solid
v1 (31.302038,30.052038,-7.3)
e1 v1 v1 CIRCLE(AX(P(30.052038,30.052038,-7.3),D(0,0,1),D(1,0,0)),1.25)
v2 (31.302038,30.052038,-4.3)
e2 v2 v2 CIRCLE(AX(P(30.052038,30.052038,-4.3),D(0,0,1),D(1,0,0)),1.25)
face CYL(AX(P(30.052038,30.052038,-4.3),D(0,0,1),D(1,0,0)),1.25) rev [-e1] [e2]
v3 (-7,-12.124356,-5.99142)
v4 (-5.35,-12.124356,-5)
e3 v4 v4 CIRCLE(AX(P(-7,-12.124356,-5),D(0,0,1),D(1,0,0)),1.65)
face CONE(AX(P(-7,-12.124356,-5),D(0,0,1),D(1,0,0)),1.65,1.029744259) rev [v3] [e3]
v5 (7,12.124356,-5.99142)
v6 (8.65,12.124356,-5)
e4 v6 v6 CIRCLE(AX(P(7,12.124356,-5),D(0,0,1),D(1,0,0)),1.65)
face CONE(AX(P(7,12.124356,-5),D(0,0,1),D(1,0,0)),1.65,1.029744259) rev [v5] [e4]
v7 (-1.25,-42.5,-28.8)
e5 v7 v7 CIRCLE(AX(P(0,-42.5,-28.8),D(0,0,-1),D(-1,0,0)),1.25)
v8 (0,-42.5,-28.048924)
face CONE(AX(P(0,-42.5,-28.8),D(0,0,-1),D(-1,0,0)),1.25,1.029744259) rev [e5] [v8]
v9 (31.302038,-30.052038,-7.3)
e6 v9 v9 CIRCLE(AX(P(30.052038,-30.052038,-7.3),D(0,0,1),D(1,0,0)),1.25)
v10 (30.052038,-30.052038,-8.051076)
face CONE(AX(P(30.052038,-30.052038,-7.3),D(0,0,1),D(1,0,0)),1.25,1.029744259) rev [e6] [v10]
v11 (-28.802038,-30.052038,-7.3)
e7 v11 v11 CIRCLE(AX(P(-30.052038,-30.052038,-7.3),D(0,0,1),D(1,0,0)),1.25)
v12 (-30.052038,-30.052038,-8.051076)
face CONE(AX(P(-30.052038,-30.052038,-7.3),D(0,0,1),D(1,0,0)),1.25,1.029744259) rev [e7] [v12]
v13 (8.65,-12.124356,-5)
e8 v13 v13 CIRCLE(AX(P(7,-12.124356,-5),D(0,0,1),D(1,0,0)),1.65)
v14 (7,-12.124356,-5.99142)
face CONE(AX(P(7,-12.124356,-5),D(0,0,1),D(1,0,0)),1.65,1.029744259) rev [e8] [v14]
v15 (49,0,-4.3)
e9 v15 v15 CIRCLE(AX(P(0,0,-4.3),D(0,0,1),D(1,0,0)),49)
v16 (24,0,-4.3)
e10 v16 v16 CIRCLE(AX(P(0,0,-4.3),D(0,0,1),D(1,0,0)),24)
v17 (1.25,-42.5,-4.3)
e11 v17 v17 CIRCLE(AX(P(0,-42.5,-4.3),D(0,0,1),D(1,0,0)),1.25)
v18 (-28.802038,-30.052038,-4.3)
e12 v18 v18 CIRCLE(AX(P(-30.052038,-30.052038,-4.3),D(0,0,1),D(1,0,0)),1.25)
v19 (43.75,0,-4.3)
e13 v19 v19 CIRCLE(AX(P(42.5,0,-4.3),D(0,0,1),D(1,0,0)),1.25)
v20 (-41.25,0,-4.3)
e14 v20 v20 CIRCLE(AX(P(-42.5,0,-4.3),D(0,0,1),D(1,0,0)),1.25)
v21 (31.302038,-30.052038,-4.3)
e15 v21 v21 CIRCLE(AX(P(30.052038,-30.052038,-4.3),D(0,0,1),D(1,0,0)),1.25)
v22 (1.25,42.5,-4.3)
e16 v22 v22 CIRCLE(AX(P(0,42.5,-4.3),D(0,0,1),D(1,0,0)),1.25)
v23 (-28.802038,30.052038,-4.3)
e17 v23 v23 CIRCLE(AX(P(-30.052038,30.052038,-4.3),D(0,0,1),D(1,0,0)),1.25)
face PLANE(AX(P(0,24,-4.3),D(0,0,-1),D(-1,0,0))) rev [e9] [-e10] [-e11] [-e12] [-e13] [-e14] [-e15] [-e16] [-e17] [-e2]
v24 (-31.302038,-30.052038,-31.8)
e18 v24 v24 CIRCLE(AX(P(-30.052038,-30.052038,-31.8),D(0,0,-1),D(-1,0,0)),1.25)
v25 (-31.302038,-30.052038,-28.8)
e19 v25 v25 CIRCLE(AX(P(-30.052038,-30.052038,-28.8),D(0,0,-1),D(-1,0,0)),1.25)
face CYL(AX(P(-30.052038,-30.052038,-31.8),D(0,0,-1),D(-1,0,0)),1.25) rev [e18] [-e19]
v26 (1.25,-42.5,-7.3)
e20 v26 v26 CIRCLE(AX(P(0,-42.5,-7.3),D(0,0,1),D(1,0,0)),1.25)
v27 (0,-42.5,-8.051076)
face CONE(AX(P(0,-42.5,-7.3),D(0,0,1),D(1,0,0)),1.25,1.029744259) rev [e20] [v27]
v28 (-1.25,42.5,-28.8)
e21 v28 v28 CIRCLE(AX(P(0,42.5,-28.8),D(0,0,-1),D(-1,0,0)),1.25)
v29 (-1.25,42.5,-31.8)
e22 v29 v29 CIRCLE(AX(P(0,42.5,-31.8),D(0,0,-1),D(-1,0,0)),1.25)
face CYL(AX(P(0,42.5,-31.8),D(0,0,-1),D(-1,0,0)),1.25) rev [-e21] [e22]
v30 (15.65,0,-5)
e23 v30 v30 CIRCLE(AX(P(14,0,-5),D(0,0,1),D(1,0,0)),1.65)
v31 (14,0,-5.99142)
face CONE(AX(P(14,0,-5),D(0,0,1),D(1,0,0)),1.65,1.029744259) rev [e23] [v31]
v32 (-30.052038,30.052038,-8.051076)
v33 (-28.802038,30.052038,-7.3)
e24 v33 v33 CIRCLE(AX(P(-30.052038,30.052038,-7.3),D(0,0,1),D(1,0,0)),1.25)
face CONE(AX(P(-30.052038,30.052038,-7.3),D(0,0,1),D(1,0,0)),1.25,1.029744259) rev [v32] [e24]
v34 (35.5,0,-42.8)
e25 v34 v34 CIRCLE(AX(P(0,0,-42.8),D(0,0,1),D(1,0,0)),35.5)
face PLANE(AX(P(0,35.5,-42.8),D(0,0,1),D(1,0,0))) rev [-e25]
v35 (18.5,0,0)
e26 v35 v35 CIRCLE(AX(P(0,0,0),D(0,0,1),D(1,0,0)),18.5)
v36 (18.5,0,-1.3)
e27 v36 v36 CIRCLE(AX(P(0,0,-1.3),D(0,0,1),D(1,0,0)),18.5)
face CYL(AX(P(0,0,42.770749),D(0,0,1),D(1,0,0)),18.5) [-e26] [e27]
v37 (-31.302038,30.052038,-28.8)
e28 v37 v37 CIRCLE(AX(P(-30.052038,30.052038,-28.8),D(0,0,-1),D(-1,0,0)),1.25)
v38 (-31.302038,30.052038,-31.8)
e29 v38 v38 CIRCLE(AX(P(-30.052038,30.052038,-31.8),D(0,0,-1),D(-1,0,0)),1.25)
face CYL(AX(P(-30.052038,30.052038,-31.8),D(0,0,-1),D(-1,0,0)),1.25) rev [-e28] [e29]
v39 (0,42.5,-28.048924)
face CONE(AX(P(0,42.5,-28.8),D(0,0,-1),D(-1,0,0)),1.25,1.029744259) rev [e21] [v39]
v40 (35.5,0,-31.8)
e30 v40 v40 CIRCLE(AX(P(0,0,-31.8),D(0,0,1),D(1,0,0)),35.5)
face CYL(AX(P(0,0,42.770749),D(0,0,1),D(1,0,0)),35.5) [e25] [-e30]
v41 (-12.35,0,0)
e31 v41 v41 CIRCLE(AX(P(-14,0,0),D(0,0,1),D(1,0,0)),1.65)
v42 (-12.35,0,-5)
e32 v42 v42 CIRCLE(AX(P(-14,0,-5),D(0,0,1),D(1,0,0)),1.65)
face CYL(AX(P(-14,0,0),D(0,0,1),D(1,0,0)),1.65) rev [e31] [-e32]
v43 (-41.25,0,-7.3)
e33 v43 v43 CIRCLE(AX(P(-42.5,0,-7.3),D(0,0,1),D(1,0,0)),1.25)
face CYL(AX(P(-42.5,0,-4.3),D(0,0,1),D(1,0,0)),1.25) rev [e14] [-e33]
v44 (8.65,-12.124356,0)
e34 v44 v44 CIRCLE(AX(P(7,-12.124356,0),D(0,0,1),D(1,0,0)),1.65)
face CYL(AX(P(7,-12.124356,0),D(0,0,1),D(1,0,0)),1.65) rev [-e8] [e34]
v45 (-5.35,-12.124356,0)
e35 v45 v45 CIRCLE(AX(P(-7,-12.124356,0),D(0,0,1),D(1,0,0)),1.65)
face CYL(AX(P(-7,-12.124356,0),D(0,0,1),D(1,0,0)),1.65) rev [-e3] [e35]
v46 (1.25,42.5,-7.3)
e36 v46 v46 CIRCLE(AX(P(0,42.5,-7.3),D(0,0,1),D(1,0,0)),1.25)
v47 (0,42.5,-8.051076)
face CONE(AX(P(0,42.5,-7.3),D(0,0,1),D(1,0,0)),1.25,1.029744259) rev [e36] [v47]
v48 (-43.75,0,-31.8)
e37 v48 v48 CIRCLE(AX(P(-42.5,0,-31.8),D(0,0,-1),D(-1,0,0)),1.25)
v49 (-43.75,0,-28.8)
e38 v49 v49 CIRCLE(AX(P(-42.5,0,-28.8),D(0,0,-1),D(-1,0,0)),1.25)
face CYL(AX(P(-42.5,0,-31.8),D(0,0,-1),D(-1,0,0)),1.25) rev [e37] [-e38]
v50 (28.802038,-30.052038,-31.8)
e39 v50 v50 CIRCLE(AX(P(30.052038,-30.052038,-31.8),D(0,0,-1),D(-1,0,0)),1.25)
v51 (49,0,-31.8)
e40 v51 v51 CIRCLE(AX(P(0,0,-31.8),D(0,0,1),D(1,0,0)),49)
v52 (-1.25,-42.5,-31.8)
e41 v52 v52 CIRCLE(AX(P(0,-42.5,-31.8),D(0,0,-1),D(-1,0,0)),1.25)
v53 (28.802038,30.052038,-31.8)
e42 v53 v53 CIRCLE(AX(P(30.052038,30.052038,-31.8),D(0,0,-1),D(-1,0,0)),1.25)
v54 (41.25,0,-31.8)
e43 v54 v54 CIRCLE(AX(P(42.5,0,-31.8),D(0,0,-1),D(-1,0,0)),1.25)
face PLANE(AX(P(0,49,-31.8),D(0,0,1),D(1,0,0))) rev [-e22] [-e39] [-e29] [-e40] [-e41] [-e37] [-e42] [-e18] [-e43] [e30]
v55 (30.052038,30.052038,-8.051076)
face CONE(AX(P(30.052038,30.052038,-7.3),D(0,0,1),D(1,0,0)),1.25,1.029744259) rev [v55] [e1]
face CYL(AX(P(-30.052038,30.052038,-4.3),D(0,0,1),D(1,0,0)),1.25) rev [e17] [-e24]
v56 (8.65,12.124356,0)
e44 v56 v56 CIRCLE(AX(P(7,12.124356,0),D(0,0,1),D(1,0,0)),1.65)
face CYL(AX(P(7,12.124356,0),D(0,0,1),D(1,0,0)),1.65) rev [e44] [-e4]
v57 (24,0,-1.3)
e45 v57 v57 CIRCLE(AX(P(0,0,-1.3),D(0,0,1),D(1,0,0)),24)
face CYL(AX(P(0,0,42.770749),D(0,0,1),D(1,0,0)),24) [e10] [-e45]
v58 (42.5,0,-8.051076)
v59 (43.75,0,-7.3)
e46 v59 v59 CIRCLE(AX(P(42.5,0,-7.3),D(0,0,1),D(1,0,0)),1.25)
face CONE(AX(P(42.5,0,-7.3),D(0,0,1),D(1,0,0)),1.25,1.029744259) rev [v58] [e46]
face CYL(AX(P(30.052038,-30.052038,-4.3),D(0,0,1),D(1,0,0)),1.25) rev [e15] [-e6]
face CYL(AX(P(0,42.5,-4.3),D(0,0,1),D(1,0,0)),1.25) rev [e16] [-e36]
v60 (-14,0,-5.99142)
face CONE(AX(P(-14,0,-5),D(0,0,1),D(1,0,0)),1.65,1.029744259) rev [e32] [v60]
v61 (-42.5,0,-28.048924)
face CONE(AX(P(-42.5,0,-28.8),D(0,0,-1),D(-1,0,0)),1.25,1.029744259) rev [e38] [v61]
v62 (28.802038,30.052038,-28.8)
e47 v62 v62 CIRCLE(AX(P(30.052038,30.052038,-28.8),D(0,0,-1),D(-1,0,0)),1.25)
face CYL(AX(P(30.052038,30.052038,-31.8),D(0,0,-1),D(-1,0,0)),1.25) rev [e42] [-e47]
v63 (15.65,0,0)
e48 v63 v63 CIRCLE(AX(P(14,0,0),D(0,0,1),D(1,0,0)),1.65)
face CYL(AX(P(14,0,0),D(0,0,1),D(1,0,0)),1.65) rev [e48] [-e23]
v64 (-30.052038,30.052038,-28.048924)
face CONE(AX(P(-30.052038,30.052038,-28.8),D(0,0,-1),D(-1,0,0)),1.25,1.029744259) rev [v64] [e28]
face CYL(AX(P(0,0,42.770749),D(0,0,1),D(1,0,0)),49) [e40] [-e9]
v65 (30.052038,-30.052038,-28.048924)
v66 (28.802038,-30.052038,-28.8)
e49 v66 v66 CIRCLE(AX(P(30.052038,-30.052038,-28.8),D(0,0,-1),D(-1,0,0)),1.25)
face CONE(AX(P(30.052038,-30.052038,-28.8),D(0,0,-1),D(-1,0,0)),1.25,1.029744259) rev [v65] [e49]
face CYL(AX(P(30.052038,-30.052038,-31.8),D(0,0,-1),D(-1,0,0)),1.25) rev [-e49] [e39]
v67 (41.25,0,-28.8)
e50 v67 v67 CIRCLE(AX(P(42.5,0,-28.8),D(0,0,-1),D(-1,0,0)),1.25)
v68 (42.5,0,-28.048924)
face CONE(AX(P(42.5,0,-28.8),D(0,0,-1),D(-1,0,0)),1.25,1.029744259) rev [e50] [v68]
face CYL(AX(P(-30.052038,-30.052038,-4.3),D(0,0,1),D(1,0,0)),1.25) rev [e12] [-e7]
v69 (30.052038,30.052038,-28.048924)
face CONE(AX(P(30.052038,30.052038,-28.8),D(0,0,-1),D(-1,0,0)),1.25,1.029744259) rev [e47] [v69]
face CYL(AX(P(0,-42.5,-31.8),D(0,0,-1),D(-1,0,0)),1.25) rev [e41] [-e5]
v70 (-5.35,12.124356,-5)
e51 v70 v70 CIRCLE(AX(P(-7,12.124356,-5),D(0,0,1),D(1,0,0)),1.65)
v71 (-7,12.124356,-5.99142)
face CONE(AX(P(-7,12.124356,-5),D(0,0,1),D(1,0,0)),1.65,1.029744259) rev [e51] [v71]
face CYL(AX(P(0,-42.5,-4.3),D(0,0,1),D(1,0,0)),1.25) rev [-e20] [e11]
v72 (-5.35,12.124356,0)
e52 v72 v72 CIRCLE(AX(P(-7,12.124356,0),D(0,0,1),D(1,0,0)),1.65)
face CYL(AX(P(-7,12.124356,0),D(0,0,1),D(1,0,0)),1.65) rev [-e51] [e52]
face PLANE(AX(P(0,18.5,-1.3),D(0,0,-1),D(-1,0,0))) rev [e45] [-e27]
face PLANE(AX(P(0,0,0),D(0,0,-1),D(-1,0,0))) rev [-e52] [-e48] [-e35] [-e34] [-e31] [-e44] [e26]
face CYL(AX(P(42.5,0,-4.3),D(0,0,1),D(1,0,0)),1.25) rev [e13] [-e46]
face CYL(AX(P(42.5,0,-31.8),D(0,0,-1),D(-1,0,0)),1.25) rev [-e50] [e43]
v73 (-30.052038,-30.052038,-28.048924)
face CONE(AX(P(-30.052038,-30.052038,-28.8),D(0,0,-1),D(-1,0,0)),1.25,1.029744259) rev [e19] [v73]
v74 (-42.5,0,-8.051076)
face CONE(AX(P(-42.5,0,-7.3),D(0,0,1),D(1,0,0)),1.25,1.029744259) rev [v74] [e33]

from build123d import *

# Parameters (mm, degrees)
M4_TAPPED_HOLE1_D     = 3.3
M4_TAPPED_HOLE1_DEPTH = 5
M4_TAPPED_HOLE1_TIP   = 0.991420021
M3_TAPPED_HOLE1_D     = 2.5
M3_TAPPED_HOLE1_DEPTH = 3
M3_TAPPED_HOLE1_TIP   = 0.751075774
M3_TAPPED_HOLE2_D     = 2.5
M3_TAPPED_HOLE2_DEPTH = 3
M3_TAPPED_HOLE2_TIP   = 0.751075774


with BuildPart() as part:
    # Sketch1 → Revolve1 (revolve)
    with BuildSketch(Plane(origin=(0, 0, 0), x_dir=(0, 0, -1), z_dir=(1, 0, 0)), mode=Mode.PRIVATE) as revolve1_sk:
        Polygon((0, 0), (0, 18.5), (1.3, 18.5), (1.3, 24), (4.3, 24), (4.3, 49), (31.8, 49), (31.8, 35.5), (42.8, 35.5), (42.8, 0), align=None)
    revolve(revolve1_sk.sketch.rotate(Axis((0, 0, 42.770748728), (0, 0, -1)), 90), axis=Axis((0, 0, 42.770748728), (0, 0, -1)))

    # M4 Tapped Hole1
    with Locations(Plane.XY):
        with Locations((-14, 0), (-7, 12.124355653), (7, 12.124355653), (14, 0), (7, -12.124355653), (-7, -12.124355653)):
            Hole(M4_TAPPED_HOLE1_D / 2, depth=M4_TAPPED_HOLE1_DEPTH)
            with Locations((0, 0, -(M4_TAPPED_HOLE1_DEPTH + M4_TAPPED_HOLE1_TIP / 2))):  # 118° drill point
                Cone(0, M4_TAPPED_HOLE1_D / 2, M4_TAPPED_HOLE1_TIP, mode=Mode.SUBTRACT)

    # M3 Tapped Hole1
    with Locations(Plane.XY.offset(-4.3)):
        with Locations((-42.5, 0), (-30.0520382, 30.0520382), (0, 42.5), (30.0520382, 30.0520382), (42.5, 0), (30.0520382, -30.0520382), (0, -42.5), (-30.0520382, -30.0520382)):
            Hole(M3_TAPPED_HOLE1_D / 2, depth=M3_TAPPED_HOLE1_DEPTH)
            with Locations((0, 0, -(M3_TAPPED_HOLE1_DEPTH + M3_TAPPED_HOLE1_TIP / 2))):  # 118° drill point
                Cone(0, M3_TAPPED_HOLE1_D / 2, M3_TAPPED_HOLE1_TIP, mode=Mode.SUBTRACT)

    # M3 Tapped Hole2
    with Locations(Plane(origin=(0, 0, -31.8), x_dir=(-1, 0, 0), z_dir=(0, 0, -1))):
        with Locations((-42.5, 0), (-30.0520382, 30.0520382), (0, 42.5), (30.0520382, 30.0520382), (42.5, 0), (30.0520382, -30.0520382), (0, -42.5), (-30.0520382, -30.0520382)):
            Hole(M3_TAPPED_HOLE2_D / 2, depth=M3_TAPPED_HOLE2_DEPTH)
            with Locations((0, 0, -(M3_TAPPED_HOLE2_DEPTH + M3_TAPPED_HOLE2_TIP / 2))):  # 118° drill point
                Cone(0, M3_TAPPED_HOLE2_D / 2, M3_TAPPED_HOLE2_TIP, mode=Mode.SUBTRACT)


solid = part.part
